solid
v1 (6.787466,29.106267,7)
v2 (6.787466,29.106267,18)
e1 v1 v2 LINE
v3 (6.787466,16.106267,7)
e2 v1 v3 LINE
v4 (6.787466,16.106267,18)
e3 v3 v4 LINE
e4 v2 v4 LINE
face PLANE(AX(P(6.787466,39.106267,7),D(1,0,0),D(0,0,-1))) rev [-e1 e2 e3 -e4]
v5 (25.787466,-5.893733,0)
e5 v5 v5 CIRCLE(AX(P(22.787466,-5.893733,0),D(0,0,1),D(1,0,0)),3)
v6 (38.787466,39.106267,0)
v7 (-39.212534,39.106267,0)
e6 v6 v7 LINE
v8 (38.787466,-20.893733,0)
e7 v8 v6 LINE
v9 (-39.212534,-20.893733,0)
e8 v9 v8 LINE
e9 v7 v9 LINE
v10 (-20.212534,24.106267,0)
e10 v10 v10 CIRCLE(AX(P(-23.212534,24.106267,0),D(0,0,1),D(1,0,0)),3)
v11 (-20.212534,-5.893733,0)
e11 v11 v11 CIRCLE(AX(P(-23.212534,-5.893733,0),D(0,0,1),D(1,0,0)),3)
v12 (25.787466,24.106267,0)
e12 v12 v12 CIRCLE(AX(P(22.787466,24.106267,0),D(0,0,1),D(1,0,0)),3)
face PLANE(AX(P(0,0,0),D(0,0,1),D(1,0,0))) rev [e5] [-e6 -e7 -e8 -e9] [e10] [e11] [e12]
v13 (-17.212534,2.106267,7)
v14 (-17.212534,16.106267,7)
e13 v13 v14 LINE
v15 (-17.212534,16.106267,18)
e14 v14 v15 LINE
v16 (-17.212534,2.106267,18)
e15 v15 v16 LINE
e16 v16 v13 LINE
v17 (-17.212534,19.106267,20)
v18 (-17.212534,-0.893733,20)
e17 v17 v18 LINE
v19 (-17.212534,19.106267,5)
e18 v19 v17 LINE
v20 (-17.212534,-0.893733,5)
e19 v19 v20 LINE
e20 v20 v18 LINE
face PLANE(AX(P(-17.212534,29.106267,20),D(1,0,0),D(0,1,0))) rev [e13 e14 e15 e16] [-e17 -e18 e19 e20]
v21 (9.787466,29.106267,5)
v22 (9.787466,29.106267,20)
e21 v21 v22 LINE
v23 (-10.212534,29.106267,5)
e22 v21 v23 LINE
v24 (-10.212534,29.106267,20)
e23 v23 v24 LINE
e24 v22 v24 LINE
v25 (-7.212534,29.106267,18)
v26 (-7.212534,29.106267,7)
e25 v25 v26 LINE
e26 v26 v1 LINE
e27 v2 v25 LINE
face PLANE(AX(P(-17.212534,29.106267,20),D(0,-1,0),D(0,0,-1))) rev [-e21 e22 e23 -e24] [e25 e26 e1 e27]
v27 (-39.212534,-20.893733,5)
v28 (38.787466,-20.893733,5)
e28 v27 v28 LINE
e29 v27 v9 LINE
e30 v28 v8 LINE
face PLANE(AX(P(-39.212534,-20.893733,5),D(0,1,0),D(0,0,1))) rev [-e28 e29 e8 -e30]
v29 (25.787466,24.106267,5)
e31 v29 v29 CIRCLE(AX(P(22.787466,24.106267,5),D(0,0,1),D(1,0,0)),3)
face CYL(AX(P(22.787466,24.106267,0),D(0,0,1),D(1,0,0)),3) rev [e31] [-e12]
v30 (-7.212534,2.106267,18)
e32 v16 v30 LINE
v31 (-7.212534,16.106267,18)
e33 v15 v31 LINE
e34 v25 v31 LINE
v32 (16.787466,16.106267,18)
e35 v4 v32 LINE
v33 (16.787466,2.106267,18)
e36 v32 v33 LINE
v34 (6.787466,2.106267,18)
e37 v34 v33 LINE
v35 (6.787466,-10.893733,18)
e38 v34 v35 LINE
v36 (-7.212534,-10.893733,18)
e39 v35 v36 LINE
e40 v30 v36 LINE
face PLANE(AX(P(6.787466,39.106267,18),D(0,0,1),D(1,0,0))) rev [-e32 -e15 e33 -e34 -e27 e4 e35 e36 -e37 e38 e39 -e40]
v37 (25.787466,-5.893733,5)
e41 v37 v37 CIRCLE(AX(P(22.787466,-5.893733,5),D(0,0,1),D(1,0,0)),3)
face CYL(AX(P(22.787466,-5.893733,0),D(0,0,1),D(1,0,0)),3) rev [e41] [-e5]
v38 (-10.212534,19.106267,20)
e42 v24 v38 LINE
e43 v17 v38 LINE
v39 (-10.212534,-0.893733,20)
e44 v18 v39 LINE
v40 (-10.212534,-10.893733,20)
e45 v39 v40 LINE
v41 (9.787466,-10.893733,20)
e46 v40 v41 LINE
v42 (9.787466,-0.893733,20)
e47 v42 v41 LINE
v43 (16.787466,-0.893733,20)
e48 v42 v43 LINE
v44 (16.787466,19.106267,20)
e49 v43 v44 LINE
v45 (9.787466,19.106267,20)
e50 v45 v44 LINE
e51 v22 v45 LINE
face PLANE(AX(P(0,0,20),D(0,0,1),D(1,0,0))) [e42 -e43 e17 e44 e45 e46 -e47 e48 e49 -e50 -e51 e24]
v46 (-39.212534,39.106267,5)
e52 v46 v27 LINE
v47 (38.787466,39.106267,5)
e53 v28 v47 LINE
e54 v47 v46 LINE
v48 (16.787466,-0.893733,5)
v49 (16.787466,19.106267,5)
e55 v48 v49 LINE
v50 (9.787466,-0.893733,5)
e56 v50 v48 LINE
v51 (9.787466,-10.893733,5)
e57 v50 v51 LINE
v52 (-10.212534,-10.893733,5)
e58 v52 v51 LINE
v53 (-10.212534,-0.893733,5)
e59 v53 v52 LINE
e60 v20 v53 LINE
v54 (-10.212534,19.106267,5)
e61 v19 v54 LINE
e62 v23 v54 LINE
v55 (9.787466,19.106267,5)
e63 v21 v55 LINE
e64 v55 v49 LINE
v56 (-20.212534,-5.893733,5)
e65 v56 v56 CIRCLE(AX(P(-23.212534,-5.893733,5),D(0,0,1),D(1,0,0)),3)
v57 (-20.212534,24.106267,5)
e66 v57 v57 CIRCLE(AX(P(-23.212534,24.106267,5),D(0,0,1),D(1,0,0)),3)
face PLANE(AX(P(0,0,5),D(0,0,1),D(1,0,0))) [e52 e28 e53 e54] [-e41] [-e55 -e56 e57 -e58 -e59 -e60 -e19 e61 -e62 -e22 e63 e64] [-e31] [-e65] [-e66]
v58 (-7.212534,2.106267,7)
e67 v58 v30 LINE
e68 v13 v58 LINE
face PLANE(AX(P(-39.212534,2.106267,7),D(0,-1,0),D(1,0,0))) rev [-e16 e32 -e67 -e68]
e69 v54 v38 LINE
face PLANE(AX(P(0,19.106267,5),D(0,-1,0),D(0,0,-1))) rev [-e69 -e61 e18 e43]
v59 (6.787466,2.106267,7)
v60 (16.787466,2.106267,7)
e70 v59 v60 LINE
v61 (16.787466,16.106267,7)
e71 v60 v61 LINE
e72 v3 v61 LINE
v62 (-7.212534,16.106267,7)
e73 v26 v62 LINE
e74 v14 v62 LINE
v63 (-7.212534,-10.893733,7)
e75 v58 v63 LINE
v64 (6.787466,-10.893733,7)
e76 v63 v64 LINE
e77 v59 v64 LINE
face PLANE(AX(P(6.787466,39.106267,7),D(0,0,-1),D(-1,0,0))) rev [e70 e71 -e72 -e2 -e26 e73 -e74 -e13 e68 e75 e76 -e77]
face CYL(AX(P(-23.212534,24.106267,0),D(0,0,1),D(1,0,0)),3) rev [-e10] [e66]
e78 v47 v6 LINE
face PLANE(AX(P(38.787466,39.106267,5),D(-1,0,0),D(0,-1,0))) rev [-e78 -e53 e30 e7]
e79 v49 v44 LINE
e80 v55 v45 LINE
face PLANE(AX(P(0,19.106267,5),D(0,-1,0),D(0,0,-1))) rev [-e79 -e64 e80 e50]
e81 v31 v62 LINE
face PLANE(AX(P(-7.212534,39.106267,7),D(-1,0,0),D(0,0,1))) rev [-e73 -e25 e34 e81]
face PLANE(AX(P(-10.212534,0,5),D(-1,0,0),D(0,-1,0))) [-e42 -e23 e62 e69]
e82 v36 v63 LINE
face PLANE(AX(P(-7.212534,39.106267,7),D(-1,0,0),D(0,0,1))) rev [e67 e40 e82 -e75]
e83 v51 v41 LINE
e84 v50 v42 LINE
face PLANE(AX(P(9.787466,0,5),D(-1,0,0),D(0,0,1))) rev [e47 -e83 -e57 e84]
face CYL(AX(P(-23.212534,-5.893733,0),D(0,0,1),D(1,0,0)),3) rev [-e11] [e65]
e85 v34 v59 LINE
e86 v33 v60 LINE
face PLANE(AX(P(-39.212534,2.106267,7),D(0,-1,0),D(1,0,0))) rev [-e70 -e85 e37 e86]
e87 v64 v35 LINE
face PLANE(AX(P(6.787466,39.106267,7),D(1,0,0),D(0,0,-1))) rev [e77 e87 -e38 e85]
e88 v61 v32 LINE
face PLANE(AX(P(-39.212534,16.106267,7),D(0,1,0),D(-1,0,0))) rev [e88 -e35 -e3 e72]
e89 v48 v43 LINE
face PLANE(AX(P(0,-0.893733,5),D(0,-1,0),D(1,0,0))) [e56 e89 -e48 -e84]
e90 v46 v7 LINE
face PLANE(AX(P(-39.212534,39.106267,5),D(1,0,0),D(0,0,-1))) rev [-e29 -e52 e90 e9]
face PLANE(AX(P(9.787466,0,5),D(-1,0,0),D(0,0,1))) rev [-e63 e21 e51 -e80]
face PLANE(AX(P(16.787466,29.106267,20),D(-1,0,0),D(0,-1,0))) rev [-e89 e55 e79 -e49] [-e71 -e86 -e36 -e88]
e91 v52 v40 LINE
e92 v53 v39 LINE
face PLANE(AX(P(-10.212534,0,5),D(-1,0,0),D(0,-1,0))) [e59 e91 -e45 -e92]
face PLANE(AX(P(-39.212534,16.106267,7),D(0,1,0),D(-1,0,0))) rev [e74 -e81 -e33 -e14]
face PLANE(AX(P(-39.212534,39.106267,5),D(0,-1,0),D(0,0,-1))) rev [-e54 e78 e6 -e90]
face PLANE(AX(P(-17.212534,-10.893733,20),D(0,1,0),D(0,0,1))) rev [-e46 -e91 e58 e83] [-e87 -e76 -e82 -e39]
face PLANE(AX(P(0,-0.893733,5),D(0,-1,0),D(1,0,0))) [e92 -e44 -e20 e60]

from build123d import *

# Parameters (mm, degrees)
SKETCH1_W           = 78
SKETCH1_H           = 60
BOSS_EXTRUDE1_DEPTH = 5
SKETCH2_W           = 34
SKETCH2_H           = 40
BOSS_EXTRUDE2_DEPTH = 15
SKETCH4_W           = 7
SKETCH4_H           = 10
CUT_EXTRUDE1_DEPTH  = 15
SKETCH5_W           = 14
SKETCH5_H           = 11
CUT_EXTRUDE2_DEPTH  = 67.615484892
SKETCH6_W           = 11
SKETCH6_H           = 14
CUT_EXTRUDE3_DEPTH  = 72.170921878
SKETCH7_R           = 3
CUT_EXTRUDE4_DEPTH  = 58.375281685


with BuildPart() as part:
    # Sketch1 → Boss-Extrude1 (new body)
    with BuildSketch(Plane.XY):
        with Locations((-0.21253406, 9.10626703)):
            Rectangle(SKETCH1_W, SKETCH1_H)
    extrude(amount=BOSS_EXTRUDE1_DEPTH)

    # Sketch2 → Boss-Extrude2 (add)
    with BuildSketch(Plane.XY.offset(5)):
        with Locations((-0.21253406, 9.10626703)):
            Rectangle(SKETCH2_W, SKETCH2_H)
    extrude(amount=BOSS_EXTRUDE2_DEPTH)

    # Sketch4 → Cut-Extrude1 (cut)
    with BuildSketch(Plane.XY.offset(20)):
        with Locations((-13.71253406, 24.10626703)):
            Rectangle(SKETCH4_W, SKETCH4_H)
        with Locations((13.28746594, 24.10626703)):
            Rectangle(SKETCH4_W, SKETCH4_H)
        with Locations((13.28746594, -5.89373297)):
            Rectangle(SKETCH4_W, SKETCH4_H)
        with Locations((-13.71253406, -5.89373297)):
            Rectangle(SKETCH4_W, SKETCH4_H)
    extrude(amount=-CUT_EXTRUDE1_DEPTH, mode=Mode.SUBTRACT)

    # Sketch5 → Cut-Extrude2 (cut, through all)
    with BuildSketch(Plane.XZ.offset(10.89373297)):
        with Locations((-0.21253406, 12.5)):
            Rectangle(SKETCH5_W, SKETCH5_H)
    extrude(amount=-CUT_EXTRUDE2_DEPTH, mode=Mode.SUBTRACT)

    # Sketch6 → Cut-Extrude3 (cut, through all)
    with BuildSketch(Plane(origin=(16.78746594, 0, 0), x_dir=(0, 0, -1), z_dir=(1, 0, 0))):
        with Locations((-12.5, 9.10626703)):
            Rectangle(SKETCH6_W, SKETCH6_H)
    extrude(amount=-CUT_EXTRUDE3_DEPTH, mode=Mode.SUBTRACT)

    # Sketch7 → Cut-Extrude4 (cut, through all)
    with BuildSketch(Plane.XY.offset(5)):
        with Locations((-23.21253406, 24.10626703)):
            Circle(SKETCH7_R)
        with Locations((22.78746594, 24.10626703)):
            Circle(SKETCH7_R)
        with Locations((22.78746594, -5.89373297)):
            Circle(SKETCH7_R)
        with Locations((-23.21253406, -5.89373297)):
            Circle(SKETCH7_R)
    extrude(amount=-CUT_EXTRUDE4_DEPTH, mode=Mode.SUBTRACT)


solid = part.part
